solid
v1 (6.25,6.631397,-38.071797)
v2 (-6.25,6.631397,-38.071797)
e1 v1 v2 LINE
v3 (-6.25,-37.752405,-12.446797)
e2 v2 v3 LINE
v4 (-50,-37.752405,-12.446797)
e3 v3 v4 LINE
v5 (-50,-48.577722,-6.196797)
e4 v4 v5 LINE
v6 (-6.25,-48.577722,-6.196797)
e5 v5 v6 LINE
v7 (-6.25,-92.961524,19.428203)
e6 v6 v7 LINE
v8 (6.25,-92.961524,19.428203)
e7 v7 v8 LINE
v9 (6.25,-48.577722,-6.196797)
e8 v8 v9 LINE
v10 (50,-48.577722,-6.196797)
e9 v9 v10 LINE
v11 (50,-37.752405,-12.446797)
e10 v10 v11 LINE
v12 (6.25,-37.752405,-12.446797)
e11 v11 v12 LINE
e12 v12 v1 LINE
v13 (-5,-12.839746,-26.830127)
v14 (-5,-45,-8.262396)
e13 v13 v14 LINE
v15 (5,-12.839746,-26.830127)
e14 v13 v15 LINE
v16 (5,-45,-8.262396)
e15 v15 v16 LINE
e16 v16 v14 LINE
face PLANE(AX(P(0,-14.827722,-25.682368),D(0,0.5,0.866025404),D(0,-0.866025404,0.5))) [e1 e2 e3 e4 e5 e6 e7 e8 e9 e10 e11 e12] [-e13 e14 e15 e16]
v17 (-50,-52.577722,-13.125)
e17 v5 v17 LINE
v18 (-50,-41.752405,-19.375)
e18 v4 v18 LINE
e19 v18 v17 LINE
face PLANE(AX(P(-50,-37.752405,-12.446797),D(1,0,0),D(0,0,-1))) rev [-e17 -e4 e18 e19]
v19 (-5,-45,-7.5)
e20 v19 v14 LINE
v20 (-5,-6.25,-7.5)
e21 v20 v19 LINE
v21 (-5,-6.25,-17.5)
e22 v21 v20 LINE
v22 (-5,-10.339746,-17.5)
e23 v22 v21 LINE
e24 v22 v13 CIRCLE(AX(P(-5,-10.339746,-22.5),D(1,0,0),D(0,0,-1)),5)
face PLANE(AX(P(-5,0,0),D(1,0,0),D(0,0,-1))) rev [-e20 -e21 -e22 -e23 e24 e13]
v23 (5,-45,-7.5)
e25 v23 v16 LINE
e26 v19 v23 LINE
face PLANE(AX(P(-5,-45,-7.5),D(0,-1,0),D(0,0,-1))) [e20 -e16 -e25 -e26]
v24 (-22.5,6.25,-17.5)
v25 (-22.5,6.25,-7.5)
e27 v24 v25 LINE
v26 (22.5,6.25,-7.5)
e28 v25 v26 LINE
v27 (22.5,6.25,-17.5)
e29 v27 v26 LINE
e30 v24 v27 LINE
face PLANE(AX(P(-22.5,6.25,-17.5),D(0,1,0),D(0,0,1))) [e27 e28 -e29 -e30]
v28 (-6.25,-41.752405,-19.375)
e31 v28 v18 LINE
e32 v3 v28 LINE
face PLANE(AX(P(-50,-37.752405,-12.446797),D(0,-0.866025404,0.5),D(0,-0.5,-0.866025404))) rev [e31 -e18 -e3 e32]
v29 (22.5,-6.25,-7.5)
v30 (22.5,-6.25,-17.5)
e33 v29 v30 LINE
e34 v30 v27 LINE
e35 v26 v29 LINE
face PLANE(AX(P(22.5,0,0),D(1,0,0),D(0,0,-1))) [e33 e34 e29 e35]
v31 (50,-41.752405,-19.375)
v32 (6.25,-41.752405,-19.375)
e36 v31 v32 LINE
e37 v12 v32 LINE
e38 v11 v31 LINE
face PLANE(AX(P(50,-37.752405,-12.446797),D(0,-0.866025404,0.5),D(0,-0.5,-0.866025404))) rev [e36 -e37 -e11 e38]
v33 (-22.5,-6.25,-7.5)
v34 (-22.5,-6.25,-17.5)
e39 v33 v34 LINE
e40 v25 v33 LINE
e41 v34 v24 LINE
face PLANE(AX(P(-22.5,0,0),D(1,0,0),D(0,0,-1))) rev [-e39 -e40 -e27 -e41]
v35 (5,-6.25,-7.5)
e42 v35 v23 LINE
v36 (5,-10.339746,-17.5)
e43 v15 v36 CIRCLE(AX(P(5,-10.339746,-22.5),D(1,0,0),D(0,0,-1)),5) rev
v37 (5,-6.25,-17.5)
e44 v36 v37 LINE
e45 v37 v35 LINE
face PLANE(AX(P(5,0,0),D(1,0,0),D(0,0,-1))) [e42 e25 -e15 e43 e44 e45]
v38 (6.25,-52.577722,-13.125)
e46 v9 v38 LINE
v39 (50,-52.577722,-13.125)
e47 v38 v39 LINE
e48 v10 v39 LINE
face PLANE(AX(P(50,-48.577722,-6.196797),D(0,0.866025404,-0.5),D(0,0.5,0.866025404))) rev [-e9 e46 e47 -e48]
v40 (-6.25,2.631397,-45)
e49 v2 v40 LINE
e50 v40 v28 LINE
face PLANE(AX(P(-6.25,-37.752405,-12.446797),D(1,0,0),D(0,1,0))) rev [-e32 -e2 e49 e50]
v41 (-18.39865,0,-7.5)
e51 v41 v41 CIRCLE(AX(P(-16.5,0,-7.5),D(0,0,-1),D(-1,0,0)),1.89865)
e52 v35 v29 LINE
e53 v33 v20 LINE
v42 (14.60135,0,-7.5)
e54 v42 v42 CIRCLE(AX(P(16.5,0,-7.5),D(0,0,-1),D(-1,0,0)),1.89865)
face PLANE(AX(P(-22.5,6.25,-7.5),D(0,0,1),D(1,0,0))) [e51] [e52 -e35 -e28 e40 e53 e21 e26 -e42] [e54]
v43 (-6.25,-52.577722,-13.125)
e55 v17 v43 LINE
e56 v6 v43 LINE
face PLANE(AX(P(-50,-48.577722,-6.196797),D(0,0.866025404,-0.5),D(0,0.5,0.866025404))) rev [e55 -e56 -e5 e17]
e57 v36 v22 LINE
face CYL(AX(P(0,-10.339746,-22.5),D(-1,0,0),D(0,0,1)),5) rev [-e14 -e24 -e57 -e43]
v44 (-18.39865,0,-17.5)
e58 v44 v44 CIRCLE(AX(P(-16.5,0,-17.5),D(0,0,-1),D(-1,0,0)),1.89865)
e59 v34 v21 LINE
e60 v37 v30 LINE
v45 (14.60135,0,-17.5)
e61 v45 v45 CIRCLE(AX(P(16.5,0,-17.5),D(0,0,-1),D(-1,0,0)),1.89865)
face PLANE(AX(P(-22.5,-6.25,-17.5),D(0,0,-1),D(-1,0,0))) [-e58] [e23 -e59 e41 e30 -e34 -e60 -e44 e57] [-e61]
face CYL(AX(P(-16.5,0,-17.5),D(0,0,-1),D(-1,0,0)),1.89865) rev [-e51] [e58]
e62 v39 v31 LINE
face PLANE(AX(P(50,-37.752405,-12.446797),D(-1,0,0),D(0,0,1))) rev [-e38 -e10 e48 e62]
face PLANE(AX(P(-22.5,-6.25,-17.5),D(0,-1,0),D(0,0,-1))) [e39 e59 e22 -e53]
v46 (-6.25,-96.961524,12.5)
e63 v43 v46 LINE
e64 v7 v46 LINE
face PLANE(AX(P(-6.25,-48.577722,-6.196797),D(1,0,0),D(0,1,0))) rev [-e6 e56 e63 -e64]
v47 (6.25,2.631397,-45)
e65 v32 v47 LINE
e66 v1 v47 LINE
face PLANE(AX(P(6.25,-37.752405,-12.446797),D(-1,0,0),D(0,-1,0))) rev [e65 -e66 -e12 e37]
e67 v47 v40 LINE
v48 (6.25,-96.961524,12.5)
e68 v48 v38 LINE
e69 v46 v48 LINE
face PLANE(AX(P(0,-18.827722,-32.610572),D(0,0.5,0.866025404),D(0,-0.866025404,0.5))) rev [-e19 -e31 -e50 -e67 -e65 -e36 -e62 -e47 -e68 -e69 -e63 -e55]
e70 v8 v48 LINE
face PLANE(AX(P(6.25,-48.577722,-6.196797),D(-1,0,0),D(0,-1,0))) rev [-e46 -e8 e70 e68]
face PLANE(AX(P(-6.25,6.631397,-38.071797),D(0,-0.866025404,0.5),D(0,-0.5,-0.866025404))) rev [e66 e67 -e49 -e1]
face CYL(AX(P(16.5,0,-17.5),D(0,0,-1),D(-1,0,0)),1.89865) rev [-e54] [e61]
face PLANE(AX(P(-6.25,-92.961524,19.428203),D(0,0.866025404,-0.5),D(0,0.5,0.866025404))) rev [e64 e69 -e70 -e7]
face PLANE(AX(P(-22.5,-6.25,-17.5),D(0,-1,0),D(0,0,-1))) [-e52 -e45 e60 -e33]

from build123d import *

# Parameters (mm, degrees)
BOSS_EXTRUDE1_DEPTH      = 22.5
BOSS_EXTRUDE1_DEPTH_BACK = 22.5
SKETCH1_W                = 10
SKETCH1_H                = 12.5
BOSS_EXTRUDE2_DEPTH      = 5
BOSS_EXTRUDE2_DEPTH_BACK = 5
SKETCH2_W                = 10
SKETCH2_H                = 38.75
F_6_CLEARANCE_HOLE1_D    = 3.7973
BOSS_EXTRUDE5_DEPTH      = 8
FILLET2_R                = 5


with BuildPart() as part:
    # Sketch1 → Boss-Extrude1 (new, two sides: drawn at the far end of the back side and taken through both)
    with BuildSketch(Plane(origin=(0, 0, 0), x_dir=(0, 0, -1), z_dir=(1, 0, 0)).offset(-BOSS_EXTRUDE1_DEPTH_BACK)):
        with Locations((12.5, 0)):
            Rectangle(SKETCH1_W, SKETCH1_H)
    extrude(amount=BOSS_EXTRUDE1_DEPTH + BOSS_EXTRUDE1_DEPTH_BACK)

    # Sketch2 → Boss-Extrude2 (add, two sides: drawn at the far end of the back side and taken through both)
    with BuildSketch(Plane(origin=(0, 0, 0), x_dir=(0, 0, -1), z_dir=(1, 0, 0)).offset(-BOSS_EXTRUDE2_DEPTH_BACK)):
        with Locations((12.5, -25.625)):
            Rectangle(SKETCH2_W, SKETCH2_H)
    extrude(amount=BOSS_EXTRUDE2_DEPTH + BOSS_EXTRUDE2_DEPTH_BACK)

    # #6 Clearance Hole1 (through all)
    with Locations(Plane(origin=(0, 0, -17.5), x_dir=(-1, 0, 0), z_dir=(0, 0, -1))):
        with Locations((16.5, 0), (-16.5, 0)):
            Hole(F_6_CLEARANCE_HOLE1_D / 2)

    # Sketch3 → Boss-Extrude5 (add)
    with BuildSketch(Plane(origin=(0, 4.290110382, -45.957658497), x_dir=(-1, 0, 0), z_dir=(0, 0.499999999999998, 0.8660254037844398))):
        Polygon((50, 53.165316994), (50, 65.665316994), (6.25, 65.665316994), (6.25, 116.915316994), (-6.25, 116.915316994), (-6.25, 65.665316994), (-50, 65.665316994), (-50, 53.165316994), (-6.25, 53.165316994), (-6.25, 1.915316994), (6.25, 1.915316994), (6.25, 53.165316994), align=None)
    extrude(amount=BOSS_EXTRUDE5_DEPTH)

    # Fillet2
    fillet2_edges = [part.edges().sort_by_distance(p)[0] for p in [
        (0, -29, -17.5),
    ]]
    fillet(fillet2_edges, radius=FILLET2_R)


solid = part.part
